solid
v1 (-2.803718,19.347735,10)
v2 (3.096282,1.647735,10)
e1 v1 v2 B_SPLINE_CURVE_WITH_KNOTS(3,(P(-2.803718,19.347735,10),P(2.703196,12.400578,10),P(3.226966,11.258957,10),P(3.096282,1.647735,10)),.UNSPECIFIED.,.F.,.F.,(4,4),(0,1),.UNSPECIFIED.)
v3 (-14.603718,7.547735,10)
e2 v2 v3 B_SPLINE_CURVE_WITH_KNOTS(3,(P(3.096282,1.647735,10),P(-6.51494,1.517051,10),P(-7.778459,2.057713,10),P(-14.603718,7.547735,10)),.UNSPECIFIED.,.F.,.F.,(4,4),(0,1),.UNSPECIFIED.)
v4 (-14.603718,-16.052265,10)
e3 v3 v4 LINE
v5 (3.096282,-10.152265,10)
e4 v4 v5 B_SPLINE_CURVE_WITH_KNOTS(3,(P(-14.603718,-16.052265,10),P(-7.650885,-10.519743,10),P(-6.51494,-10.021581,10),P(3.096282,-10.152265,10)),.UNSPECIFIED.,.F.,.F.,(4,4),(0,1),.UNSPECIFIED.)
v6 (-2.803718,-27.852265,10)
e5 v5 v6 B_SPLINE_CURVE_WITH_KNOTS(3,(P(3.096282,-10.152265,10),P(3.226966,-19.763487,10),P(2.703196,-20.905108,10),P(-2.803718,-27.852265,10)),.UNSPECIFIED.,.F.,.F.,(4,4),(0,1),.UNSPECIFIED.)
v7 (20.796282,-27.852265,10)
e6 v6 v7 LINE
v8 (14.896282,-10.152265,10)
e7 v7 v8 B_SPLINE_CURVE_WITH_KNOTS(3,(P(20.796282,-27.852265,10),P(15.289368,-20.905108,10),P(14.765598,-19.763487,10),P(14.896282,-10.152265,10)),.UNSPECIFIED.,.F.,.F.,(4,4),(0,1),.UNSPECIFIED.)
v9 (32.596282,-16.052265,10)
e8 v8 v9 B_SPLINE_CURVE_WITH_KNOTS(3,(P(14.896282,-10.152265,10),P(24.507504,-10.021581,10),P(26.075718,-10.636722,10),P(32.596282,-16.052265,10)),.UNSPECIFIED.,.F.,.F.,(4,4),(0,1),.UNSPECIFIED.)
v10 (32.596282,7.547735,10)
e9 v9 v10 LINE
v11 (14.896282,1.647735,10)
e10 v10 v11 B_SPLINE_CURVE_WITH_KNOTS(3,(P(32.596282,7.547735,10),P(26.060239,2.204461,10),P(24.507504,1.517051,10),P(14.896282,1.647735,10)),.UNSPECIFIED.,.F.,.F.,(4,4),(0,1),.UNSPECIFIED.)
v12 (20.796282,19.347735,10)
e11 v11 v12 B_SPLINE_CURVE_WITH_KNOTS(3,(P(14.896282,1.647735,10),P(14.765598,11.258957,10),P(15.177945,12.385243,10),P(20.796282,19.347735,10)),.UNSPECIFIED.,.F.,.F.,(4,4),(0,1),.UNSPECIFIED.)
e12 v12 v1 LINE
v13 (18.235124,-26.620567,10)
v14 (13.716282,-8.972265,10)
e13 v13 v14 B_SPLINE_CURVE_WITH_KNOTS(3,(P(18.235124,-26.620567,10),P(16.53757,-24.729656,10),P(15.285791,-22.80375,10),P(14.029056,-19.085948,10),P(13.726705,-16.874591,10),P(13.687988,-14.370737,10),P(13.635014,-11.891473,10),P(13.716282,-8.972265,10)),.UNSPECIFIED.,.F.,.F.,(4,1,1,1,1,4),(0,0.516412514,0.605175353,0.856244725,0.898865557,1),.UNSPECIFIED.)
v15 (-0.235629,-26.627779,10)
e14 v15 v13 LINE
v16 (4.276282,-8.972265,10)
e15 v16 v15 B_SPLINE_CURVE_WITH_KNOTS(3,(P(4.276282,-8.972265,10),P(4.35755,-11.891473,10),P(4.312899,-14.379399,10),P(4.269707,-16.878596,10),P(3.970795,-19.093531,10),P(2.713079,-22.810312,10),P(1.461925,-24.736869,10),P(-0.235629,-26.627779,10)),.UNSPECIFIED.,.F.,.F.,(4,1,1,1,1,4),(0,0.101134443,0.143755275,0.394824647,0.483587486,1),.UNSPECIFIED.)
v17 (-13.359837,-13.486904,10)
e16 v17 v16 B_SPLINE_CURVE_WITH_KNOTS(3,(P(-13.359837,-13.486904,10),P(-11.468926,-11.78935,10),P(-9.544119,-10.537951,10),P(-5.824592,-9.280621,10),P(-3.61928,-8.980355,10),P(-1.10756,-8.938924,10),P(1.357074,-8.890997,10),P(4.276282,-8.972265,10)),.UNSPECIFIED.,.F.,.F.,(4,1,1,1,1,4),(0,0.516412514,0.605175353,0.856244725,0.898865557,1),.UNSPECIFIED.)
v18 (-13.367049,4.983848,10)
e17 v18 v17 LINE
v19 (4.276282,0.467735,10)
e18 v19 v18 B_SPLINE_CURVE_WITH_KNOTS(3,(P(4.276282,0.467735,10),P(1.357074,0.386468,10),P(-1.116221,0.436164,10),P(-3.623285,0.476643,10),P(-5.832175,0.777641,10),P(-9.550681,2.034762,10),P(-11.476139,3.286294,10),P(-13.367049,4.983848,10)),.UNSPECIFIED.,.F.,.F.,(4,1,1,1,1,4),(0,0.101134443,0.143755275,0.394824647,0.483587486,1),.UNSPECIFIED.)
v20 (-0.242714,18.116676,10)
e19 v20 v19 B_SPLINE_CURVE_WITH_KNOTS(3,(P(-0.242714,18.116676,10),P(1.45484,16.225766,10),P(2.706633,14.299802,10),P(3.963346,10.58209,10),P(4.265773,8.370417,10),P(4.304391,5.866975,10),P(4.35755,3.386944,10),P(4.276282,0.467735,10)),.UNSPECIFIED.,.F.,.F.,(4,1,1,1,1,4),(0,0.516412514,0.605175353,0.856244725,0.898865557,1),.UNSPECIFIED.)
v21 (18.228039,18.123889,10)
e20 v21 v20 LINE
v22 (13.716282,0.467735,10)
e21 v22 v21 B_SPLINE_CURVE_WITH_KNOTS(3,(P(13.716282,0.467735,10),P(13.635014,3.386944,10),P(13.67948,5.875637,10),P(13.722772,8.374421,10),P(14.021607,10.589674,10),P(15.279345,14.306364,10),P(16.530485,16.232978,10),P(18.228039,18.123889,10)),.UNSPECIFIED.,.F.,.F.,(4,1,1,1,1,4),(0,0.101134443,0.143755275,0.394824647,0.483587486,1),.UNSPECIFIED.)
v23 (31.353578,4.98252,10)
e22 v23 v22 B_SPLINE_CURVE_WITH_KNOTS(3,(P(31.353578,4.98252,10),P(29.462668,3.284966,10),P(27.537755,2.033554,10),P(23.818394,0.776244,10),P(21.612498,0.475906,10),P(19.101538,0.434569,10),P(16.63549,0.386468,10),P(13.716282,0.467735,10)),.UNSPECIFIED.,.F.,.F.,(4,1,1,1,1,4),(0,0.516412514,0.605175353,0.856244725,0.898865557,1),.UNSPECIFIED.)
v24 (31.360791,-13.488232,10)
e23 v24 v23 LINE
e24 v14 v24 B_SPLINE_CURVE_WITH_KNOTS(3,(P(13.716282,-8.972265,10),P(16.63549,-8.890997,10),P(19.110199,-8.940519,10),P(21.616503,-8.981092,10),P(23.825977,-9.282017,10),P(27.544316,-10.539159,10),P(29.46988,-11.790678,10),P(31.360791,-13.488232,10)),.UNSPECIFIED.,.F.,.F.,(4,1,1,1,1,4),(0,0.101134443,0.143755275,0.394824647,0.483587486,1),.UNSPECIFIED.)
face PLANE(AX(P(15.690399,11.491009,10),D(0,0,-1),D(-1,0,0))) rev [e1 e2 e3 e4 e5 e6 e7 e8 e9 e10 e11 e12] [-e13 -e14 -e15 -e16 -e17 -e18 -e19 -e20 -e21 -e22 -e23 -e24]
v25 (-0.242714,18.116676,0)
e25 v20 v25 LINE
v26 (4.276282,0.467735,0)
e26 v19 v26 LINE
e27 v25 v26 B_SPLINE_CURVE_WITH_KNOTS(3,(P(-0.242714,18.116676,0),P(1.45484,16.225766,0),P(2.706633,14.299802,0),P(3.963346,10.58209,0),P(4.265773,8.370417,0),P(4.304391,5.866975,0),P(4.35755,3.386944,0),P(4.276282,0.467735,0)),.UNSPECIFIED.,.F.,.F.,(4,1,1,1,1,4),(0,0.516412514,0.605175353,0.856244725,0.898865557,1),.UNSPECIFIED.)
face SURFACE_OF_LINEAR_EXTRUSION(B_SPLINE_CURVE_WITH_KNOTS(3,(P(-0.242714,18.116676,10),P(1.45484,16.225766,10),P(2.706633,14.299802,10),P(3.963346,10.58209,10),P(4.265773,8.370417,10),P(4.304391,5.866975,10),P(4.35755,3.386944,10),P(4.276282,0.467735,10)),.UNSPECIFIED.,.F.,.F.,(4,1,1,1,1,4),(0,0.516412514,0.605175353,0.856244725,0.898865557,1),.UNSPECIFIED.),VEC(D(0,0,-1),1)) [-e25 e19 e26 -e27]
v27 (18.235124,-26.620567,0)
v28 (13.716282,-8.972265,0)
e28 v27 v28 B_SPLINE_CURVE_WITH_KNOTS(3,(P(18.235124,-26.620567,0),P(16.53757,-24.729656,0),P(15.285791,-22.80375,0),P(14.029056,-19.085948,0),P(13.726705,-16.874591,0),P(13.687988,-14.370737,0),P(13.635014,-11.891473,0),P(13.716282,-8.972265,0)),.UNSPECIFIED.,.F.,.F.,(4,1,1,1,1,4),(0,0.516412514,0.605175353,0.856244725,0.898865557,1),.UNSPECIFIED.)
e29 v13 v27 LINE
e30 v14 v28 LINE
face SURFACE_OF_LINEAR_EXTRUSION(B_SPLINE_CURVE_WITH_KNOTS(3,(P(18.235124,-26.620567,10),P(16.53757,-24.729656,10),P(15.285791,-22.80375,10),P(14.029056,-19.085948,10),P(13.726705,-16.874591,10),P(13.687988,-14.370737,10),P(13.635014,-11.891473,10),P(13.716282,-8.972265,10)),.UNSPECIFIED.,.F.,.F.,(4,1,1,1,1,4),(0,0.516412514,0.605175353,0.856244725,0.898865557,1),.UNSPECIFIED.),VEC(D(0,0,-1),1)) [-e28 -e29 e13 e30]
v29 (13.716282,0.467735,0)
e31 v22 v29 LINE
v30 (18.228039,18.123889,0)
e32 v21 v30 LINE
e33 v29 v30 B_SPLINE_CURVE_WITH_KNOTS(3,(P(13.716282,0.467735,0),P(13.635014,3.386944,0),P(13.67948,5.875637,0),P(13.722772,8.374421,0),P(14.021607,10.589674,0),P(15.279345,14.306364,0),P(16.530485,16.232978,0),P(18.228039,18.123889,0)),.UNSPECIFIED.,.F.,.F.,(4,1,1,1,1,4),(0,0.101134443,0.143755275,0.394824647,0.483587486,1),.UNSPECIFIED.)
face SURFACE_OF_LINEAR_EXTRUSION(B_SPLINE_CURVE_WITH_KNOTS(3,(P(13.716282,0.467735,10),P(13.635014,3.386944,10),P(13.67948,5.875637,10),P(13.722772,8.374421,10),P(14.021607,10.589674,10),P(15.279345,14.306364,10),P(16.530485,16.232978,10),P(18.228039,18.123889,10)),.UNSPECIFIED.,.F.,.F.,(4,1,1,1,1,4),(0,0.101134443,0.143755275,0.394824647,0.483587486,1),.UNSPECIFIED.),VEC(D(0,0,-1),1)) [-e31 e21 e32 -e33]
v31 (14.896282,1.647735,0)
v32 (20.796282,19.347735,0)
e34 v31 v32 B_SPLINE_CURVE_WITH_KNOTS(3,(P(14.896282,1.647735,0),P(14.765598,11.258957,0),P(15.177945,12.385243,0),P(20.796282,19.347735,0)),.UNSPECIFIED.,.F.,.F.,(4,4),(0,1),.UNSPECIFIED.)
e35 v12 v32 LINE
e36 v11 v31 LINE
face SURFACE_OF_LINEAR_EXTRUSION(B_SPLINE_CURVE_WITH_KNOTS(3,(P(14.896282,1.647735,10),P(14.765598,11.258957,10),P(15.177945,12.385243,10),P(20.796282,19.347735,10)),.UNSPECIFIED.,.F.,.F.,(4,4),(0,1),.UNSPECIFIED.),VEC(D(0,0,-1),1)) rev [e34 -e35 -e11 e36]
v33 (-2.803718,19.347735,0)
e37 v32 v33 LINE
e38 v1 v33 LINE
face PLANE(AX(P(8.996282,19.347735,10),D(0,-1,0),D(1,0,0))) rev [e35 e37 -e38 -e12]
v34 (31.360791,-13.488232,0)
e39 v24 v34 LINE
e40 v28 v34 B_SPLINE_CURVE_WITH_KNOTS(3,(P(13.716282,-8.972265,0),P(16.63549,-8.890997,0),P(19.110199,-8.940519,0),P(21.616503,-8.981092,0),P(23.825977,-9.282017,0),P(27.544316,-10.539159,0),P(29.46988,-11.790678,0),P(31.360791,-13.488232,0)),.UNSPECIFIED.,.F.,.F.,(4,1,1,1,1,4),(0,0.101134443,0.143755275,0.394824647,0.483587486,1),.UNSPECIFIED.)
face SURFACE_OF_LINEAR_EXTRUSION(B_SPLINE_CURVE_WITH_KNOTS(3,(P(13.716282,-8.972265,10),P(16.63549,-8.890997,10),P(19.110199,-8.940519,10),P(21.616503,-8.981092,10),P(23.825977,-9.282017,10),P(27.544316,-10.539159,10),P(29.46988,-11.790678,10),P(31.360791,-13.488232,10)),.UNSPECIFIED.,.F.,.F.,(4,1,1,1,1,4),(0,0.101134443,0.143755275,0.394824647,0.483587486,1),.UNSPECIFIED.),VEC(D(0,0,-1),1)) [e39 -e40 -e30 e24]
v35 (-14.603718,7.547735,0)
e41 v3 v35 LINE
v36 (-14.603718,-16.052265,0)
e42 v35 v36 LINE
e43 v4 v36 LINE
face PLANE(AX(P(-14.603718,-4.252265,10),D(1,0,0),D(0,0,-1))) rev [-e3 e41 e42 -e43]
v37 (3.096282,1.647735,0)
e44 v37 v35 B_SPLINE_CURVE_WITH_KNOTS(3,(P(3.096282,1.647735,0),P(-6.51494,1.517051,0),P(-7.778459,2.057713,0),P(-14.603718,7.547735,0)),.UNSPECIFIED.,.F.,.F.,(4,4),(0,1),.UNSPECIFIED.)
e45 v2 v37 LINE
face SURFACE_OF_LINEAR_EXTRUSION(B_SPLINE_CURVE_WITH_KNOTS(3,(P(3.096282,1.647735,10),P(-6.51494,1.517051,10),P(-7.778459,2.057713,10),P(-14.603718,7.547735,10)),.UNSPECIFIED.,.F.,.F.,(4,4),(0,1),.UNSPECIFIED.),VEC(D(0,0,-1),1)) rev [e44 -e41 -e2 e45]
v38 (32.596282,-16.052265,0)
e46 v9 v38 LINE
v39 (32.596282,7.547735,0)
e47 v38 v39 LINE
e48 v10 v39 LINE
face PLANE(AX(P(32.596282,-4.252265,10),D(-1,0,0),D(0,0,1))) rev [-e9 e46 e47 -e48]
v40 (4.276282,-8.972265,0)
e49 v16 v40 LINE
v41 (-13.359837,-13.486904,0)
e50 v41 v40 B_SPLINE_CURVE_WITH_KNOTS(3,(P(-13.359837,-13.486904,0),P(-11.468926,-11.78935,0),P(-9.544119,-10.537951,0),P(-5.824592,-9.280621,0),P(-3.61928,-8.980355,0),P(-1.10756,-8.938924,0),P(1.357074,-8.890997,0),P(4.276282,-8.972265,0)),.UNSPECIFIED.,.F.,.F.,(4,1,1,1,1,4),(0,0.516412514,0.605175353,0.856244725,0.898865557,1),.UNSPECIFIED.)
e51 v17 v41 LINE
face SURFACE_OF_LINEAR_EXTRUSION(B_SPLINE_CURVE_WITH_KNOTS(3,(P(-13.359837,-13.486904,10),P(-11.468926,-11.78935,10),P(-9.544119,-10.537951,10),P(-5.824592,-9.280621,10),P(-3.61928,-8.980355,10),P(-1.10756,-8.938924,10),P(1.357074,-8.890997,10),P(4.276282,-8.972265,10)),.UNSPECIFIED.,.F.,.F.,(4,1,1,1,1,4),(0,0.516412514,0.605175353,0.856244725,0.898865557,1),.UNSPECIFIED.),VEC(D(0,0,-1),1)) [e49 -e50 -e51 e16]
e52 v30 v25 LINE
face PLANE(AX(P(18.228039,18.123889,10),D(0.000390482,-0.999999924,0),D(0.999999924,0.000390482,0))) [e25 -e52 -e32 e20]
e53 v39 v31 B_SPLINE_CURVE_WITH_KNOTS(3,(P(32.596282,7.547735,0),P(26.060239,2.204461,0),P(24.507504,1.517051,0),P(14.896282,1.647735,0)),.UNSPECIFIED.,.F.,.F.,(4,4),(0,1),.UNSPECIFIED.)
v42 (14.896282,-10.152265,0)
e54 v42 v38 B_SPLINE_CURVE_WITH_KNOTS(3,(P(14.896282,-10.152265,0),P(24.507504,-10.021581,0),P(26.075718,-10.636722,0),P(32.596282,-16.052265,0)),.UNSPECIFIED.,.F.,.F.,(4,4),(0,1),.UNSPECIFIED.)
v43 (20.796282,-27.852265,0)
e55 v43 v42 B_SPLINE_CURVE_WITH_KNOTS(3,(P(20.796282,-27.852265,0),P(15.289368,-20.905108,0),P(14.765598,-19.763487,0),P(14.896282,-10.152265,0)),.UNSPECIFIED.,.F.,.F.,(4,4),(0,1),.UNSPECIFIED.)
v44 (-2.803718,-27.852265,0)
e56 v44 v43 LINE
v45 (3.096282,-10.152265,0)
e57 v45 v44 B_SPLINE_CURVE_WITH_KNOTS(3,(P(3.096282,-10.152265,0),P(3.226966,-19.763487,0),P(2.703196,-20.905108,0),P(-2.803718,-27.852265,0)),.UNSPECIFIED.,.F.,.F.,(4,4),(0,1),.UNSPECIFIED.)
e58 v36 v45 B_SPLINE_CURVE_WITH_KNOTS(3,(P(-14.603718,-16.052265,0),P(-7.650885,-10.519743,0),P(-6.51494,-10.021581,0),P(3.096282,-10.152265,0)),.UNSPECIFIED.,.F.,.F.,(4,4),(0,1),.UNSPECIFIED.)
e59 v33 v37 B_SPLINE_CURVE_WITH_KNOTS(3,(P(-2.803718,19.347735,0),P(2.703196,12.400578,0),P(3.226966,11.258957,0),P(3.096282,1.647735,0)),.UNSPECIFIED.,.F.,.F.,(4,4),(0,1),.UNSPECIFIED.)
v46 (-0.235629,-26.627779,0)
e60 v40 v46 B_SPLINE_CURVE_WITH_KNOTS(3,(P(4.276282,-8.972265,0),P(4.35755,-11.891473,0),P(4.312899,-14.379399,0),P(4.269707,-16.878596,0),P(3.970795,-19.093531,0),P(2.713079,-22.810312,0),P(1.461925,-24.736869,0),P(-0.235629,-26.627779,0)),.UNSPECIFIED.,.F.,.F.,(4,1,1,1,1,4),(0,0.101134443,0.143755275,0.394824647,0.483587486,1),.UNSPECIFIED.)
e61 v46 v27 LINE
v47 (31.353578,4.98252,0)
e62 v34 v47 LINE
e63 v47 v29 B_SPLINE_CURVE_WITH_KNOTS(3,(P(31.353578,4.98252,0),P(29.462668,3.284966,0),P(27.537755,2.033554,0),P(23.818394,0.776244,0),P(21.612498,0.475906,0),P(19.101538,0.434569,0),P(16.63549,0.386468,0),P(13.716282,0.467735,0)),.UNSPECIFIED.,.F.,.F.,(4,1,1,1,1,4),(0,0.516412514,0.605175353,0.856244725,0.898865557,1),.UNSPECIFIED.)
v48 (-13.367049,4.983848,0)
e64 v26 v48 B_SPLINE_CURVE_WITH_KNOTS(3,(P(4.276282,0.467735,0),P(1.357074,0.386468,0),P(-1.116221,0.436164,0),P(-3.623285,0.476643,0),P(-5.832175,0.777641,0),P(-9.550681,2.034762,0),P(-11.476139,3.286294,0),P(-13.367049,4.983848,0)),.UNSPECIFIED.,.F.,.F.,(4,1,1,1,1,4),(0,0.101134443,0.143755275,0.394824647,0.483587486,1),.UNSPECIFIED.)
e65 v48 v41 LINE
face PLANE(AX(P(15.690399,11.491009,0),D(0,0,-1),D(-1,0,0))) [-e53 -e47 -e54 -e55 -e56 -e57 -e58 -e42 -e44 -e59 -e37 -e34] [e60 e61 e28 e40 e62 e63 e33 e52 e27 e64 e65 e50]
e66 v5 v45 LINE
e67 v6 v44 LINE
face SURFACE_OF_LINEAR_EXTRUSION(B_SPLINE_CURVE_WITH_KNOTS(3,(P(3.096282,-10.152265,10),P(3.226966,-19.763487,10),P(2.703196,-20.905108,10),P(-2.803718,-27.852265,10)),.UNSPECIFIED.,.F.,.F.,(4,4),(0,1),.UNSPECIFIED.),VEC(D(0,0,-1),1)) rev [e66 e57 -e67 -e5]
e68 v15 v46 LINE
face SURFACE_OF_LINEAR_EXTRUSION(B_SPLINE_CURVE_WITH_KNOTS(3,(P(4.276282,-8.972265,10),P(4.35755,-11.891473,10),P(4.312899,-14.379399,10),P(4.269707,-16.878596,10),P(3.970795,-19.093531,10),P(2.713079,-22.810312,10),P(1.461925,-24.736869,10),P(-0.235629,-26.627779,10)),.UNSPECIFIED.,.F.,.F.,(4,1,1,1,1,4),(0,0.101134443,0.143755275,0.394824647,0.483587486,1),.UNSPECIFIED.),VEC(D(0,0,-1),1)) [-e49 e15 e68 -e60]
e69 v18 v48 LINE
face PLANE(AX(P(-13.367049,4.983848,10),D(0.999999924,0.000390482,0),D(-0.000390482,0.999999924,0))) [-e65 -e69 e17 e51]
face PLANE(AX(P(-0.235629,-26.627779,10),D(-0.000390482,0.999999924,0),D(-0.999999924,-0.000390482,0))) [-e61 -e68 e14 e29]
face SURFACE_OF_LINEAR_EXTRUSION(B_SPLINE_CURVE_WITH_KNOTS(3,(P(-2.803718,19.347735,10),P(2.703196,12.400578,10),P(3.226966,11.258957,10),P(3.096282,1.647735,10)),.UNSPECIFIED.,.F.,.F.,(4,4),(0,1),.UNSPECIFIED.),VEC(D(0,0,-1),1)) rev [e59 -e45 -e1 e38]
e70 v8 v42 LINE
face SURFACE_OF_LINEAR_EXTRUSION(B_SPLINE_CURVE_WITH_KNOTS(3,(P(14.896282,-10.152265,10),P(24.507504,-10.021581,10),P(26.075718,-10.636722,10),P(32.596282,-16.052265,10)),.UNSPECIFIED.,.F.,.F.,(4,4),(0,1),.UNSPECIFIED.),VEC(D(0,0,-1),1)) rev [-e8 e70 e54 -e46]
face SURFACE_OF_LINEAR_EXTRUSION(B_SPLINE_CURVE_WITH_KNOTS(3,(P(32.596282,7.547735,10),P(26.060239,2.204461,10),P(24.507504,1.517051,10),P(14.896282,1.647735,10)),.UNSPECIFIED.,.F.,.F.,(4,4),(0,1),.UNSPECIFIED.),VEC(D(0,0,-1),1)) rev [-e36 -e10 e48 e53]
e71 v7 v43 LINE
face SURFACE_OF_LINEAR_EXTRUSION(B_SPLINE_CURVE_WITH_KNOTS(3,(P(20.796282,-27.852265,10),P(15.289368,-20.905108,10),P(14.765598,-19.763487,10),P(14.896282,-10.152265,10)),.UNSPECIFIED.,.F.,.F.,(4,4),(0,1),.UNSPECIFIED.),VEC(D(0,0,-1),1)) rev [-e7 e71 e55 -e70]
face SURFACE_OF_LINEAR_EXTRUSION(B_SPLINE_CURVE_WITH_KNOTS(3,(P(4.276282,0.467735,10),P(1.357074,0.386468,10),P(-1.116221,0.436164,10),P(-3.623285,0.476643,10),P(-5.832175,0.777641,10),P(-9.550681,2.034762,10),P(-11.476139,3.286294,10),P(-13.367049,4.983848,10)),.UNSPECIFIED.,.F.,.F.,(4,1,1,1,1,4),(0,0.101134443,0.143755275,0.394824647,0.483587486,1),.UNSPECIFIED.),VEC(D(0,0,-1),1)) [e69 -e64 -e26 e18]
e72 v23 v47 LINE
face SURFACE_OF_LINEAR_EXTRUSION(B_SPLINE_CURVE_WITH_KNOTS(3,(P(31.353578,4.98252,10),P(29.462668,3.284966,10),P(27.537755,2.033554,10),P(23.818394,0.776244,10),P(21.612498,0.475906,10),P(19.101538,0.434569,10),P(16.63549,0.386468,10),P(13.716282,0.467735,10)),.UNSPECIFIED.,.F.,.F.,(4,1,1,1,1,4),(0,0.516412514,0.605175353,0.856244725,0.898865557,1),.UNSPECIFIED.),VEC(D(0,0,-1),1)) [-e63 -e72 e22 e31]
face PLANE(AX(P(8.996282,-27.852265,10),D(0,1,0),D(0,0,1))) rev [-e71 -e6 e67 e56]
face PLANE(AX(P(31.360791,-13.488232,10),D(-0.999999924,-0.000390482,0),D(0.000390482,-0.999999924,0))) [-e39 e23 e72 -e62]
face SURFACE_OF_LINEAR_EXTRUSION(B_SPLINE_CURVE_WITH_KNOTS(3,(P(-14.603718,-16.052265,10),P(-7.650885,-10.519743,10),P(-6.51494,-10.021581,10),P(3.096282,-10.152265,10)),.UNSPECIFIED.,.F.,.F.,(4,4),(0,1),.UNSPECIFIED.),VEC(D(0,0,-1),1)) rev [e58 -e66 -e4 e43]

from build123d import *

# Parameters (mm, degrees)
BOSS_EXTRUDE2_DEPTH = 10


with BuildPart() as part:
    # Sketch2 → Boss-Extrude2 (new body)
    with BuildSketch(Plane.XY):
        with BuildLine():
            Line((-14.603718032, -4.25226485), (-14.603718032, -16.05226485))
            add(Edge.make_bspline(
                [(-14.603718032, -16.05226485), (-7.650885271, -10.51974289), (-6.514940021, -10.02158081), (3.096281968, -10.15226485)],
                knots=[0, 0, 0, 0, 1, 1, 1, 1], degree=3))
            add(Edge.make_bspline(
                [(-2.803718032, -27.85226485), (2.703196059, -20.905107597), (3.226966008, -19.763486839), (3.096281968, -10.15226485)],
                knots=[0, 0, 0, 0, 1, 1, 1, 1], degree=3))
            Line((-2.803718032, -27.85226485), (8.996281968, -27.85226485))
            Line((8.996281968, -27.85226485), (20.796281968, -27.85226485))
            add(Edge.make_bspline(
                [(20.796281968, -27.85226485), (15.289367876, -20.905107597), (14.765597927, -19.763486839), (14.896281968, -10.15226485)],
                knots=[0, 0, 0, 0, 1, 1, 1, 1], degree=3))
            add(Edge.make_bspline(
                [(32.596281968, -16.05226485), (26.075718291, -10.636722115), (24.507503956, -10.02158081), (14.896281968, -10.15226485)],
                knots=[0, 0, 0, 0, 1, 1, 1, 1], degree=3))
            Line((32.596281968, -16.05226485), (32.596281968, -4.25226485))
            Line((32.596281968, -4.25226485), (32.596281968, 7.54773515))
            add(Edge.make_bspline(
                [(32.596281968, 7.54773515), (26.060239224, 2.204460741), (24.507503956, 1.517051109), (14.896281968, 1.64773515)],
                knots=[0, 0, 0, 0, 1, 1, 1, 1], degree=3))
            add(Edge.make_bspline(
                [(20.796281968, 19.34773515), (15.17794478, 12.385242856), (14.765597927, 11.258957138), (14.896281968, 1.64773515)],
                knots=[0, 0, 0, 0, 1, 1, 1, 1], degree=3))
            Line((20.796281968, 19.34773515), (8.996281968, 19.34773515))
            Line((8.996281968, 19.34773515), (-2.803718032, 19.34773515))
            add(Edge.make_bspline(
                [(-2.803718032, 19.34773515), (2.703196059, 12.400577896), (3.226966008, 11.258957138), (3.096281968, 1.64773515)],
                knots=[0, 0, 0, 0, 1, 1, 1, 1], degree=3))
            add(Edge.make_bspline(
                [(-14.603718032, 7.54773515), (-7.778459348, 2.057713254), (-6.514940021, 1.517051109), (3.096281968, 1.64773515)],
                knots=[0, 0, 0, 0, 1, 1, 1, 1], degree=3))
            Line((-14.603718032, 7.54773515), (-14.603718032, -4.25226485))
        make_face()
        with BuildLine():
            Line((-13.367049291, 4.983848061), (-13.359836789, -13.486904263))
            add(Edge.make_bspline(
                [(4.276281968, -8.97226485), (1.357073523, -8.890997253), (-1.10755969, -8.938924224), (-3.619280473, -8.98035494), (-5.824591621, -9.280620978), (-9.544119387, -10.53795077), (-11.468926051, -11.789350434), (-13.359836789, -13.486904263)],
                knots=[0, 0, 0, 0, 0.101134443, 0.143755275, 0.394824647, 0.483587486, 1, 1, 1, 1], degree=3))
            add(Edge.make_bspline(
                [(4.276281968, -8.97226485), (4.357549565, -11.891473295), (4.312899482, -14.379398557), (4.269706875, -16.878595862), (3.970794846, -19.093531277), (2.713078522, -22.810311581), (1.461925113, -24.736868618), (-0.235628716, -26.627779357)],
                knots=[0, 0, 0, 0, 0.101134443, 0.143755275, 0.394824647, 0.483587486, 1, 1, 1, 1], degree=3))
            Line((-0.235628716, -26.627779357), (18.235123608, -26.620566855))
            add(Edge.make_bspline(
                [(13.716281968, -8.97226485), (13.63501437, -11.891473295), (13.68798773, -14.370737178), (13.726705146, -16.874591462), (14.02905635, -19.085947998), (15.285790884, -22.803749973), (16.537569779, -24.729656117), (18.235123608, -26.620566855)],
                knots=[0, 0, 0, 0, 0.101134443, 0.143755275, 0.394824647, 0.483587486, 1, 1, 1, 1], degree=3))
            add(Edge.make_bspline(
                [(13.716281968, -8.97226485), (16.635490412, -8.890997253), (19.110199259, -8.940518851), (21.616502658, -8.981092181), (23.825977054, -9.282017119), (27.544316328, -10.539158813), (29.469880166, -11.790678311), (31.360790904, -13.48823214)],
                knots=[0, 0, 0, 0, 0.101134443, 0.143755275, 0.394824647, 0.483587486, 1, 1, 1, 1], degree=3))
            Line((31.360790904, -13.48823214), (31.353578402, 4.982520183))
            add(Edge.make_bspline(
                [(13.716281968, 0.46773515), (16.635490412, 0.386467552), (19.10153788, 0.434569398), (21.612498258, 0.475906089), (23.818393775, 0.776244385), (27.53775472, 2.033553549), (29.462667664, 3.284966355), (31.353578402, 4.982520183)],
                knots=[0, 0, 0, 0, 0.101134443, 0.143755275, 0.394824647, 0.483587486, 1, 1, 1, 1], degree=3))
            add(Edge.make_bspline(
                [(13.716281968, 0.46773515), (13.63501437, 3.386943594), (13.67947956, 5.875636617), (13.722771578, 8.374421119), (14.02160721, 10.589673773), (15.279345343, 14.306363513), (16.530484858, 16.232978248), (18.228038687, 18.123888986)],
                knots=[0, 0, 0, 0, 0.101134443, 0.143755275, 0.394824647, 0.483587486, 1, 1, 1, 1], degree=3))
            Line((18.228038687, 18.123888986), (-0.242713637, 18.116676484))
            add(Edge.make_bspline(
                [(4.276281968, 0.46773515), (4.357549565, 3.386943594), (4.304391311, 5.866975238), (4.265773308, 8.370416719), (3.963345706, 10.582090494), (2.706632981, 14.299801905), (1.454840192, 16.225765746), (-0.242713637, 18.116676484)],
                knots=[0, 0, 0, 0, 0.101134443, 0.143755275, 0.394824647, 0.483587486, 1, 1, 1, 1], degree=3))
            add(Edge.make_bspline(
                [(4.276281968, 0.46773515), (1.357073523, 0.386467552), (-1.116221069, 0.436164025), (-3.623284873, 0.47664333), (-5.8321749, 0.777640526), (-9.550680995, 2.034761592), (-11.476138553, 3.286294232), (-13.367049291, 4.983848061)],
                knots=[0, 0, 0, 0, 0.101134443, 0.143755275, 0.394824647, 0.483587486, 1, 1, 1, 1], degree=3))
        make_face(mode=Mode.SUBTRACT)
    extrude(amount=BOSS_EXTRUDE2_DEPTH)


solid = part.part
